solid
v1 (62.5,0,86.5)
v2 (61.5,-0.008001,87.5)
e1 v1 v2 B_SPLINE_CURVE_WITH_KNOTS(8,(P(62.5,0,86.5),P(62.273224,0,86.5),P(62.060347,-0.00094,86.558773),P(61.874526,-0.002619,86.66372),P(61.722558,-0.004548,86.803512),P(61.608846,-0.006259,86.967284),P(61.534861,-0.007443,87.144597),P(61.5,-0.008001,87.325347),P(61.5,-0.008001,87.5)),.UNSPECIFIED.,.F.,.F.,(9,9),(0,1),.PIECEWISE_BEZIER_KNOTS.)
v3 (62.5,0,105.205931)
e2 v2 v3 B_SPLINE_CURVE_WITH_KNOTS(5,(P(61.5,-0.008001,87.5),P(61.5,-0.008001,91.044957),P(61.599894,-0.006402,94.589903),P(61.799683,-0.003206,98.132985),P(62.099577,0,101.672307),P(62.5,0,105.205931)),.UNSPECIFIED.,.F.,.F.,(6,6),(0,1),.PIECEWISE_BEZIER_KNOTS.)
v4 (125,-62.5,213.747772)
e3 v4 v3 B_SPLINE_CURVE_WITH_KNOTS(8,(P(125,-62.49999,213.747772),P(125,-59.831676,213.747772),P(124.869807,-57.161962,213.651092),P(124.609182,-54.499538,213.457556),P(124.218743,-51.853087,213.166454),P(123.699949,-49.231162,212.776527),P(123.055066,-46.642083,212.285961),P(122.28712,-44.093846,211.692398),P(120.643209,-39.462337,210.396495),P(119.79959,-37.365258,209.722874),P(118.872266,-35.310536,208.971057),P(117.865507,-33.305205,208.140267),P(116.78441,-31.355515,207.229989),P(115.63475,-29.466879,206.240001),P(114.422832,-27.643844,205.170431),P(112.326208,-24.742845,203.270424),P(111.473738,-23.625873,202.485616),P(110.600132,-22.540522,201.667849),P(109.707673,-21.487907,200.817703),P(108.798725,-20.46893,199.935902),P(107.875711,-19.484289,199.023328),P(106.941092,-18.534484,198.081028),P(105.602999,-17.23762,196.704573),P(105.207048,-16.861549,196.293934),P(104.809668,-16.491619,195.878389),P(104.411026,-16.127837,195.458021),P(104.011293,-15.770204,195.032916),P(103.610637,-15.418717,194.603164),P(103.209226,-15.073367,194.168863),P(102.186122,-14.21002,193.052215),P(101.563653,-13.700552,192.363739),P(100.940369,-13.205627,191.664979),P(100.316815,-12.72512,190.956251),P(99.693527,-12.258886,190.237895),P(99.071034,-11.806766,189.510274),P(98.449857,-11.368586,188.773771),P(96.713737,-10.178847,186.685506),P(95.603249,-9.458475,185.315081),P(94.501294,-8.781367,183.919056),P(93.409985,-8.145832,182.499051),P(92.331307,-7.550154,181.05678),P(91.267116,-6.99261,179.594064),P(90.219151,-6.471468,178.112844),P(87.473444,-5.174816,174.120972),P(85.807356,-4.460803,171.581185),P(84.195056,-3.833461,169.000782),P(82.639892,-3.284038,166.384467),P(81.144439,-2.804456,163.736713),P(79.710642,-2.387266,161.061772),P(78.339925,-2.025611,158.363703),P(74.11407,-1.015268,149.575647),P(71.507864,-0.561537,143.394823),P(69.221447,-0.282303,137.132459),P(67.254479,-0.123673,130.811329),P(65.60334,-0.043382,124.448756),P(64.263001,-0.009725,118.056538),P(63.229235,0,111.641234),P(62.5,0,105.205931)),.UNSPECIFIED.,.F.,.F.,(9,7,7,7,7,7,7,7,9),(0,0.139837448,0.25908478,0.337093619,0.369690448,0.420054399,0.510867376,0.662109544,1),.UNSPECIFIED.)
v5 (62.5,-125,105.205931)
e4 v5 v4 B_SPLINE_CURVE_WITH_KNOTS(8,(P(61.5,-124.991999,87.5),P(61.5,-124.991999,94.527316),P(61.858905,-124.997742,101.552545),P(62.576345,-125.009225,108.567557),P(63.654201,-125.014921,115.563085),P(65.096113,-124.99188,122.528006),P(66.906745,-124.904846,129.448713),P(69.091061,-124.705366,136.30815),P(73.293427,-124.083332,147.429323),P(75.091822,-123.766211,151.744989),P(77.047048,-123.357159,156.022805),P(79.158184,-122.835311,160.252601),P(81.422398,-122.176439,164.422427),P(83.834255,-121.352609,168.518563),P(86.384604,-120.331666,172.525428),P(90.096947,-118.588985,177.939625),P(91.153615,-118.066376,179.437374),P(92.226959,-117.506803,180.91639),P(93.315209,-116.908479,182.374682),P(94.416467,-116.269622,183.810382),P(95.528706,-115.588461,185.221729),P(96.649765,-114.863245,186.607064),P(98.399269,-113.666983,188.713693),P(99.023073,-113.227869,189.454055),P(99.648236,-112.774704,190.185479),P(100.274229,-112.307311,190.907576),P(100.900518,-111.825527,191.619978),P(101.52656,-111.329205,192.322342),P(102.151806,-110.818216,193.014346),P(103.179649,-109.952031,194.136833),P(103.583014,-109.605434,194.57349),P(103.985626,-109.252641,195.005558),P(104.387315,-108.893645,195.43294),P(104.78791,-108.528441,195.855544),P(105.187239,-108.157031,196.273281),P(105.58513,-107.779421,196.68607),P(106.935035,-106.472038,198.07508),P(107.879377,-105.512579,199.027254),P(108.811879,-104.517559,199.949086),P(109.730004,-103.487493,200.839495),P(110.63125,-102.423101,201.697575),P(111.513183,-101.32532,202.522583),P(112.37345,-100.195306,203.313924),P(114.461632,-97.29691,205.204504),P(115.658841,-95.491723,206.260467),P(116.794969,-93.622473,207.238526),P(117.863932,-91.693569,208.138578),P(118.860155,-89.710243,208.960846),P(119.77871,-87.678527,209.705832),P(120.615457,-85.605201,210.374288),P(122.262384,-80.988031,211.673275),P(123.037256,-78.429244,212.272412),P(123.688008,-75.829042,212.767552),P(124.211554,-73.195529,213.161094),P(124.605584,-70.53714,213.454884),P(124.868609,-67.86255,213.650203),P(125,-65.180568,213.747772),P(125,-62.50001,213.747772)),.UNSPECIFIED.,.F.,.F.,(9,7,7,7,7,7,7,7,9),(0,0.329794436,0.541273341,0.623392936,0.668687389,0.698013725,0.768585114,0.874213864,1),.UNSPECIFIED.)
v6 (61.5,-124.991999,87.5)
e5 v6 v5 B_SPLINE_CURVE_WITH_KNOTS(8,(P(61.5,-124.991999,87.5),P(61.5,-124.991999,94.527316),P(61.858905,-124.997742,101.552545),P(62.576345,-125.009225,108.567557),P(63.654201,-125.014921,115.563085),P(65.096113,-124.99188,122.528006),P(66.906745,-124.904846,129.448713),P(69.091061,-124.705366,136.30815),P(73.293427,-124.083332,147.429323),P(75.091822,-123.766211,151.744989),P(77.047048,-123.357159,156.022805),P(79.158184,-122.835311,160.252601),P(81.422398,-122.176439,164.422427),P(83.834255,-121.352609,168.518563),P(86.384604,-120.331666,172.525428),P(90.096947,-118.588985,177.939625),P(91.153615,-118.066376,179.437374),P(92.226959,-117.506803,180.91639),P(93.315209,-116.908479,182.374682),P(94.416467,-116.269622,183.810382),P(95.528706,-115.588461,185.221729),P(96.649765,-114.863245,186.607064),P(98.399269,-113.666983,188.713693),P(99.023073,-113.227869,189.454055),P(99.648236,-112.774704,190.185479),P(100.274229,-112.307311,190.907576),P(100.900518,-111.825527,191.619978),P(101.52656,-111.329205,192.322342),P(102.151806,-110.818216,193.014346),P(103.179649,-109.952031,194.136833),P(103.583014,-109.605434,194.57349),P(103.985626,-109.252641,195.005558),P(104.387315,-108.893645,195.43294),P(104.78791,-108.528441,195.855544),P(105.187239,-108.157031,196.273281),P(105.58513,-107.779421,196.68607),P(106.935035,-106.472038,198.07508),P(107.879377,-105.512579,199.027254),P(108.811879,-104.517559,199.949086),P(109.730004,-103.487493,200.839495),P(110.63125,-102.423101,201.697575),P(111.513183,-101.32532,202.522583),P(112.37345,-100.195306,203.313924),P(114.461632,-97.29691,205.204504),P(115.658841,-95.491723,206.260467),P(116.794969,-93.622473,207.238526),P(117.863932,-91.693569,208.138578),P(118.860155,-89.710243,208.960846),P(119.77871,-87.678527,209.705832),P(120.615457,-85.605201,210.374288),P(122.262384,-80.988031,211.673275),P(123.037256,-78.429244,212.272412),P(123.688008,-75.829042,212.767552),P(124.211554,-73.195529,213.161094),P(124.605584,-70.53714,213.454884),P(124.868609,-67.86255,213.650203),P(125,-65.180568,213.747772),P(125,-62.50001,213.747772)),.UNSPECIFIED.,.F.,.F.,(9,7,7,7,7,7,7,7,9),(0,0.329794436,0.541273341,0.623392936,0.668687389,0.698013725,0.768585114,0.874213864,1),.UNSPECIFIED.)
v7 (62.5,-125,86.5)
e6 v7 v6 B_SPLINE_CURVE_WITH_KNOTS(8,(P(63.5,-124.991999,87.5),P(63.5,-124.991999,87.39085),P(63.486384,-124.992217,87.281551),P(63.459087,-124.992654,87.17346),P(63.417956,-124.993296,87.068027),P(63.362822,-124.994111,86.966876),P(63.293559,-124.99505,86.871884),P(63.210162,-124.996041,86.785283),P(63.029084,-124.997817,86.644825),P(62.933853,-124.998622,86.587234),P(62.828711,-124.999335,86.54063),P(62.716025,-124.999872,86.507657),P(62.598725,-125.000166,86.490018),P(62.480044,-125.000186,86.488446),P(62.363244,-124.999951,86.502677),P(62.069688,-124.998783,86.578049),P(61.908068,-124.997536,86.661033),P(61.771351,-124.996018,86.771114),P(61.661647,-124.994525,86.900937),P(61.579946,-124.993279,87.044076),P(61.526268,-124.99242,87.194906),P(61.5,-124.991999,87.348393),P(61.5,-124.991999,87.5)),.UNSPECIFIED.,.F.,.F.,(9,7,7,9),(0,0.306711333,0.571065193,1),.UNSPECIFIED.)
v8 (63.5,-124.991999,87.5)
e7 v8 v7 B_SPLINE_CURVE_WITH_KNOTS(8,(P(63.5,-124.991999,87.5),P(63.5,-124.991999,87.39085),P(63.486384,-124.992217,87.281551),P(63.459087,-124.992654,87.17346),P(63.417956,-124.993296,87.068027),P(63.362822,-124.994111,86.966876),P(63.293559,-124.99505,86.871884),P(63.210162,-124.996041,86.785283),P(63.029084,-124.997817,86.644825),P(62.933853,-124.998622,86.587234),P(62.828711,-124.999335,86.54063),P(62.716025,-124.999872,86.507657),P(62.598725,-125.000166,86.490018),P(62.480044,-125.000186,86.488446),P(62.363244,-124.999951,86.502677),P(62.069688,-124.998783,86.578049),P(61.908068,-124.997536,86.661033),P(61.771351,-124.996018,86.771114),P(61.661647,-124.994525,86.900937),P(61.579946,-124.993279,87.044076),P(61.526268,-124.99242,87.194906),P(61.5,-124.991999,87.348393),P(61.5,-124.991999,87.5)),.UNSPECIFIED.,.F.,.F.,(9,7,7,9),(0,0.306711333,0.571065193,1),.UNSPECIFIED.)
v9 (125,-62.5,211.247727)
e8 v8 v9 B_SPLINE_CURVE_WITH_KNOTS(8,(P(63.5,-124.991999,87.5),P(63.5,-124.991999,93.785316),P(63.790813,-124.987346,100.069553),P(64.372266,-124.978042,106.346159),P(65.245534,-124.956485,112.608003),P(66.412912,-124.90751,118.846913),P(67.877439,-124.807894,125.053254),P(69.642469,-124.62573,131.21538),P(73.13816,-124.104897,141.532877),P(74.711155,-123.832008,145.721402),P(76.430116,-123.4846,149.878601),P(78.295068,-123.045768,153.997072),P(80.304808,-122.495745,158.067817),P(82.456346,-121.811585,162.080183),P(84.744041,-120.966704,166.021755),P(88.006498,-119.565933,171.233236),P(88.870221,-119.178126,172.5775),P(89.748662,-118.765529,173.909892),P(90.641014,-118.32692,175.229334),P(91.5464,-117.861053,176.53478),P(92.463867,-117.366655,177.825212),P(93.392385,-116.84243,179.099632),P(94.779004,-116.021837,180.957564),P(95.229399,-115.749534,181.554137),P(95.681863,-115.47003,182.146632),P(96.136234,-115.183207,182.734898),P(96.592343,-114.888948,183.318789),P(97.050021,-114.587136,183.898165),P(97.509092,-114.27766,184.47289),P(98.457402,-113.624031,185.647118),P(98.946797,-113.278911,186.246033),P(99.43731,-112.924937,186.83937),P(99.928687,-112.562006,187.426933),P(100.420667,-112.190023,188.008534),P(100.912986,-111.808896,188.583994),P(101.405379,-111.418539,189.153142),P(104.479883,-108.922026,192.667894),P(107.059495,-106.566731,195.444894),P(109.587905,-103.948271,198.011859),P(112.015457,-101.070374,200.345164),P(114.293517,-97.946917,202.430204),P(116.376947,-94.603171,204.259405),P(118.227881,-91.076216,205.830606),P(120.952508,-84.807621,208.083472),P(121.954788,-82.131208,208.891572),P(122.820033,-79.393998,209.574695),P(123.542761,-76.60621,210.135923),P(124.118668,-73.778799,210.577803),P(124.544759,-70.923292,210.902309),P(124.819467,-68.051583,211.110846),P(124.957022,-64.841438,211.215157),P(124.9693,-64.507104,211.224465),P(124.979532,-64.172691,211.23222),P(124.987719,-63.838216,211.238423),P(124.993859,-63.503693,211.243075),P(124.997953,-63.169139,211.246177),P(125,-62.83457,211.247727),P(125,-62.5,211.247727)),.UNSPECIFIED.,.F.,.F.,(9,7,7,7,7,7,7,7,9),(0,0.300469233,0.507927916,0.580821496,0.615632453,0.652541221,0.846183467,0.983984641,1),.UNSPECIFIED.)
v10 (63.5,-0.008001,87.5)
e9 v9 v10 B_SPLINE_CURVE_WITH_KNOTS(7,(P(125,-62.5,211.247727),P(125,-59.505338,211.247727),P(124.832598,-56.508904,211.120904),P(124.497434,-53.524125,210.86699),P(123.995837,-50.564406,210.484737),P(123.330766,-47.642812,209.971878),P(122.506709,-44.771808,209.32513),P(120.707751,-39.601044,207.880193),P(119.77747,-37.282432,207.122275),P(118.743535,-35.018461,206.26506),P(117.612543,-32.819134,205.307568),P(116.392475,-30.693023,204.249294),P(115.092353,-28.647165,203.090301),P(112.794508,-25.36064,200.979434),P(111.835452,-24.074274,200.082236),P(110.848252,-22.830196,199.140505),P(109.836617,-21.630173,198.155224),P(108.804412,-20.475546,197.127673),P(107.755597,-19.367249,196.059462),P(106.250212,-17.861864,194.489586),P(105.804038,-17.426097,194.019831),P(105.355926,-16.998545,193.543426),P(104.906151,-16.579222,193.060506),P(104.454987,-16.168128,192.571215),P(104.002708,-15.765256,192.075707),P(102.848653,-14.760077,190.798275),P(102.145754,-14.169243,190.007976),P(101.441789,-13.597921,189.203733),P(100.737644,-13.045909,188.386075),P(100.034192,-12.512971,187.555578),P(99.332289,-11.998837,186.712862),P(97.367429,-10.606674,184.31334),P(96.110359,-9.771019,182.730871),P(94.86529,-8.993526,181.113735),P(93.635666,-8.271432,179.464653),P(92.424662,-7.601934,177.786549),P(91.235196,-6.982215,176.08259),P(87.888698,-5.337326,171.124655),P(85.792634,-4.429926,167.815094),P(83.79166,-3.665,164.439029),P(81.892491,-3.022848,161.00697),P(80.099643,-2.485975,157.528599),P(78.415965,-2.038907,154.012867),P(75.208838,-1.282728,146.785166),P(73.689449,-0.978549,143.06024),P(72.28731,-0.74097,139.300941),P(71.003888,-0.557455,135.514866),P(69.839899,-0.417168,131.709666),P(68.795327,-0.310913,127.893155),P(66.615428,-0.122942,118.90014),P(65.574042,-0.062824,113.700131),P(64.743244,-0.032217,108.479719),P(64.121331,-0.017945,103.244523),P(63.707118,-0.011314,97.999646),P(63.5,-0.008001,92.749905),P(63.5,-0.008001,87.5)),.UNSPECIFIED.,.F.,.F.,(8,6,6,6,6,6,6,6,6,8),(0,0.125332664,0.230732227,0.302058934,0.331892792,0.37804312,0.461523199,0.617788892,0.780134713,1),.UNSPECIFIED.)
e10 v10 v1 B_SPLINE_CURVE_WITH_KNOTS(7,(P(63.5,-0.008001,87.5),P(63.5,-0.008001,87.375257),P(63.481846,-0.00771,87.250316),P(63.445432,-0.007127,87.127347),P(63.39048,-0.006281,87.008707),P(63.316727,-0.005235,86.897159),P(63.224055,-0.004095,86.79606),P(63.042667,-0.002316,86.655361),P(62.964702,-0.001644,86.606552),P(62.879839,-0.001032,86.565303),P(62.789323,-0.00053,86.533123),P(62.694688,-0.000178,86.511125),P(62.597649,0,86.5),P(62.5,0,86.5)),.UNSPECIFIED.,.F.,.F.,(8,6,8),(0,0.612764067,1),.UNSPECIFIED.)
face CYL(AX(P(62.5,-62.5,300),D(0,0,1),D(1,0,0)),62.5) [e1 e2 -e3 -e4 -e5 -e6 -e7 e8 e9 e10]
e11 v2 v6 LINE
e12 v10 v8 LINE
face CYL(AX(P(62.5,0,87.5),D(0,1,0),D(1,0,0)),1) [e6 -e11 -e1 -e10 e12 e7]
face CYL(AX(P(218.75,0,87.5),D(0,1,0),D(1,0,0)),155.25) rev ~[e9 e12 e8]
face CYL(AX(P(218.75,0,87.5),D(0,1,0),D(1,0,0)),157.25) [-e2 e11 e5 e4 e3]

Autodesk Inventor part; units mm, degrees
ref_plane "YZ Plane" through (0, 0, 0) normal (1, 0, 0) x (0, 1, 0)
ref_plane "XZ Plane" through (0, 0, 0) normal (0, 1, 0) x (-1, 0, 0)
ref_plane "XY Plane" through (0, 0, 0) normal (0, 0, 1) x (1, 0, 0)
sketch "Эскиз1" plane through (0, 0, 0) normal (0, 0, 1) x (1, 0, 0)
  line L0 (0, 0) -> (125, 0)
  line L1 (125, 0) -> (125, -125)
  line L2 (125, -125) -> (0, -125)
  line L3 (0, -125) -> (0, 0)
  dimension "d0" = 125
  dimension "d1" = 125
extrude "Выдавливание1" add sketch "Эскиз1" along normal blind 300
sketch "Эскиз2" plane through (125, -125, 0) normal (1, 0, 0) x (0, 0, -1)
  line L0 (0, 0) -> (-300, 0) projected
  line L1 (0, 125) -> (-300, 125) projected
  line L2 (-212.5, 0) -> (-87.5, 0)
  line L3 (-87.5, 0) -> (-87.5, 125)
  line L4 (-87.5, 125) -> (-212.5, 125)
  line L5 (-212.5, 125) -> (-212.5, 0)
  point P0 (-150, 0)
  point P1 (-150, 0)
  point P2 (-212.5, 125)
  point P3 (-87.5, 0)
  dimension "d4" = 125
  dimension "d5" = 0
extrude "Выдавливание2" add sketch "Эскиз2" along normal blind 82.5
sketch "Эскиз9" plane through (0, 0, 0) normal (0, 1, 0) x (1, 0, 0)
  line L0 (125, -212.5) -> (125, -300) projected
  line L1 (125, -279.9507) -> (0, -279.9507)
  line L2 (0, 0) -> (0, -300) projected
  line L3 (125, -87.5) -> (207.5, -87.5) projected
  line L4 (125, -87.5) -> (0, -87.5)
  circle A0 centre (218.75, -87.5) radius 156.25
  circle A1 centre (218.75, -87.5) radius 155.25
  circle A2 centre (218.75, -87.5) radius 157.25
  line L5 (125, -212.5) -> (207.5, -212.5) projected
  line L6 (125, -212.5) -> (207.5, -212.5)
  line L7 (207.5, -212.5) -> (125, -212.5)
  line L8 (125, -212.5) -> (125, -224.7107)
  line L9 (0, -279.9507) -> (125, -279.9507)
  line L10 (125, -279.9507) -> (125, -300)
  line L11 (125, -300) -> (0, -300)
  line L12 (0, -300) -> (0, -279.9507)
  circle A3 centre (62.5, -87.5) radius 1
  point P0 (63.5, -87.5)
  point P1 (61.5, -87.5)
  point P2 (125, -213.7478)
  point P3 (126.6763, -212.5)
  point P4 (63.5, -87.5)
  dimension "d19" = 93.75
  dimension "d20" = 1
  dimension "d21" = 1
extrude "Выдавливание6" cut sketch "Эскиз9" against normal blind 200 contours L0 L11 L2 L1 | A2 A3 A0 L0 | A0 A3 A1 L5 | A3 A0 L4 | L4 A0 A3 | A0 L4 A3 | A0 A3 L4 keep common part picked at (62.7561, -98.9034) picked at (121.9581, -209.089)
sketch "Эскиз11" plane through (0, 0, 300) normal (0, 0, 1) x (1, 0, 0)
  line L0 (125, 0) -> (0, 0) projected
  line L1 (0, -125) -> (0, 0) projected
  circle A0 centre (62.5, -62.5) radius 62.5
  point P0 (62.5, 0)
  point P1 (0, -62.5)
extrude "Выдавливание7" cut sketch "Эскиз11" against normal blind 300 contours A0 keep common part
sketch "Эскиз12" plane through (62.5, -62.5, 300) normal (0, 0, 1) x (1, 0, 0)
  circle A0 centre (-10.575, 6.8149) radius 127.9609
  point P0 (-62.5, 62.5)
extrude "Выдавливание8" cut sketch "Эскиз12" against normal blind 30
equation "\"Радиус_гибки\" = Толщина"
equation "\"Ширина_просечки\" = Толщина"
equation "\"Глубина_просечки\" = 0.5 * Толщина"
equation "\"Размер_просечки\" = 4 * Толщина"
equation "\"Мин_остаток\" = 2 * Толщина"
equation "\"Радиус_перехода\" = Радиус_гибки"
equation "\"Радиус_Якоби\" = Толщина"
equation "\"Размер_зазора\" = Толщина"
equation "\"Толщина\" = 2"
properties part number "труба" material "Нержавеющая сталь"
